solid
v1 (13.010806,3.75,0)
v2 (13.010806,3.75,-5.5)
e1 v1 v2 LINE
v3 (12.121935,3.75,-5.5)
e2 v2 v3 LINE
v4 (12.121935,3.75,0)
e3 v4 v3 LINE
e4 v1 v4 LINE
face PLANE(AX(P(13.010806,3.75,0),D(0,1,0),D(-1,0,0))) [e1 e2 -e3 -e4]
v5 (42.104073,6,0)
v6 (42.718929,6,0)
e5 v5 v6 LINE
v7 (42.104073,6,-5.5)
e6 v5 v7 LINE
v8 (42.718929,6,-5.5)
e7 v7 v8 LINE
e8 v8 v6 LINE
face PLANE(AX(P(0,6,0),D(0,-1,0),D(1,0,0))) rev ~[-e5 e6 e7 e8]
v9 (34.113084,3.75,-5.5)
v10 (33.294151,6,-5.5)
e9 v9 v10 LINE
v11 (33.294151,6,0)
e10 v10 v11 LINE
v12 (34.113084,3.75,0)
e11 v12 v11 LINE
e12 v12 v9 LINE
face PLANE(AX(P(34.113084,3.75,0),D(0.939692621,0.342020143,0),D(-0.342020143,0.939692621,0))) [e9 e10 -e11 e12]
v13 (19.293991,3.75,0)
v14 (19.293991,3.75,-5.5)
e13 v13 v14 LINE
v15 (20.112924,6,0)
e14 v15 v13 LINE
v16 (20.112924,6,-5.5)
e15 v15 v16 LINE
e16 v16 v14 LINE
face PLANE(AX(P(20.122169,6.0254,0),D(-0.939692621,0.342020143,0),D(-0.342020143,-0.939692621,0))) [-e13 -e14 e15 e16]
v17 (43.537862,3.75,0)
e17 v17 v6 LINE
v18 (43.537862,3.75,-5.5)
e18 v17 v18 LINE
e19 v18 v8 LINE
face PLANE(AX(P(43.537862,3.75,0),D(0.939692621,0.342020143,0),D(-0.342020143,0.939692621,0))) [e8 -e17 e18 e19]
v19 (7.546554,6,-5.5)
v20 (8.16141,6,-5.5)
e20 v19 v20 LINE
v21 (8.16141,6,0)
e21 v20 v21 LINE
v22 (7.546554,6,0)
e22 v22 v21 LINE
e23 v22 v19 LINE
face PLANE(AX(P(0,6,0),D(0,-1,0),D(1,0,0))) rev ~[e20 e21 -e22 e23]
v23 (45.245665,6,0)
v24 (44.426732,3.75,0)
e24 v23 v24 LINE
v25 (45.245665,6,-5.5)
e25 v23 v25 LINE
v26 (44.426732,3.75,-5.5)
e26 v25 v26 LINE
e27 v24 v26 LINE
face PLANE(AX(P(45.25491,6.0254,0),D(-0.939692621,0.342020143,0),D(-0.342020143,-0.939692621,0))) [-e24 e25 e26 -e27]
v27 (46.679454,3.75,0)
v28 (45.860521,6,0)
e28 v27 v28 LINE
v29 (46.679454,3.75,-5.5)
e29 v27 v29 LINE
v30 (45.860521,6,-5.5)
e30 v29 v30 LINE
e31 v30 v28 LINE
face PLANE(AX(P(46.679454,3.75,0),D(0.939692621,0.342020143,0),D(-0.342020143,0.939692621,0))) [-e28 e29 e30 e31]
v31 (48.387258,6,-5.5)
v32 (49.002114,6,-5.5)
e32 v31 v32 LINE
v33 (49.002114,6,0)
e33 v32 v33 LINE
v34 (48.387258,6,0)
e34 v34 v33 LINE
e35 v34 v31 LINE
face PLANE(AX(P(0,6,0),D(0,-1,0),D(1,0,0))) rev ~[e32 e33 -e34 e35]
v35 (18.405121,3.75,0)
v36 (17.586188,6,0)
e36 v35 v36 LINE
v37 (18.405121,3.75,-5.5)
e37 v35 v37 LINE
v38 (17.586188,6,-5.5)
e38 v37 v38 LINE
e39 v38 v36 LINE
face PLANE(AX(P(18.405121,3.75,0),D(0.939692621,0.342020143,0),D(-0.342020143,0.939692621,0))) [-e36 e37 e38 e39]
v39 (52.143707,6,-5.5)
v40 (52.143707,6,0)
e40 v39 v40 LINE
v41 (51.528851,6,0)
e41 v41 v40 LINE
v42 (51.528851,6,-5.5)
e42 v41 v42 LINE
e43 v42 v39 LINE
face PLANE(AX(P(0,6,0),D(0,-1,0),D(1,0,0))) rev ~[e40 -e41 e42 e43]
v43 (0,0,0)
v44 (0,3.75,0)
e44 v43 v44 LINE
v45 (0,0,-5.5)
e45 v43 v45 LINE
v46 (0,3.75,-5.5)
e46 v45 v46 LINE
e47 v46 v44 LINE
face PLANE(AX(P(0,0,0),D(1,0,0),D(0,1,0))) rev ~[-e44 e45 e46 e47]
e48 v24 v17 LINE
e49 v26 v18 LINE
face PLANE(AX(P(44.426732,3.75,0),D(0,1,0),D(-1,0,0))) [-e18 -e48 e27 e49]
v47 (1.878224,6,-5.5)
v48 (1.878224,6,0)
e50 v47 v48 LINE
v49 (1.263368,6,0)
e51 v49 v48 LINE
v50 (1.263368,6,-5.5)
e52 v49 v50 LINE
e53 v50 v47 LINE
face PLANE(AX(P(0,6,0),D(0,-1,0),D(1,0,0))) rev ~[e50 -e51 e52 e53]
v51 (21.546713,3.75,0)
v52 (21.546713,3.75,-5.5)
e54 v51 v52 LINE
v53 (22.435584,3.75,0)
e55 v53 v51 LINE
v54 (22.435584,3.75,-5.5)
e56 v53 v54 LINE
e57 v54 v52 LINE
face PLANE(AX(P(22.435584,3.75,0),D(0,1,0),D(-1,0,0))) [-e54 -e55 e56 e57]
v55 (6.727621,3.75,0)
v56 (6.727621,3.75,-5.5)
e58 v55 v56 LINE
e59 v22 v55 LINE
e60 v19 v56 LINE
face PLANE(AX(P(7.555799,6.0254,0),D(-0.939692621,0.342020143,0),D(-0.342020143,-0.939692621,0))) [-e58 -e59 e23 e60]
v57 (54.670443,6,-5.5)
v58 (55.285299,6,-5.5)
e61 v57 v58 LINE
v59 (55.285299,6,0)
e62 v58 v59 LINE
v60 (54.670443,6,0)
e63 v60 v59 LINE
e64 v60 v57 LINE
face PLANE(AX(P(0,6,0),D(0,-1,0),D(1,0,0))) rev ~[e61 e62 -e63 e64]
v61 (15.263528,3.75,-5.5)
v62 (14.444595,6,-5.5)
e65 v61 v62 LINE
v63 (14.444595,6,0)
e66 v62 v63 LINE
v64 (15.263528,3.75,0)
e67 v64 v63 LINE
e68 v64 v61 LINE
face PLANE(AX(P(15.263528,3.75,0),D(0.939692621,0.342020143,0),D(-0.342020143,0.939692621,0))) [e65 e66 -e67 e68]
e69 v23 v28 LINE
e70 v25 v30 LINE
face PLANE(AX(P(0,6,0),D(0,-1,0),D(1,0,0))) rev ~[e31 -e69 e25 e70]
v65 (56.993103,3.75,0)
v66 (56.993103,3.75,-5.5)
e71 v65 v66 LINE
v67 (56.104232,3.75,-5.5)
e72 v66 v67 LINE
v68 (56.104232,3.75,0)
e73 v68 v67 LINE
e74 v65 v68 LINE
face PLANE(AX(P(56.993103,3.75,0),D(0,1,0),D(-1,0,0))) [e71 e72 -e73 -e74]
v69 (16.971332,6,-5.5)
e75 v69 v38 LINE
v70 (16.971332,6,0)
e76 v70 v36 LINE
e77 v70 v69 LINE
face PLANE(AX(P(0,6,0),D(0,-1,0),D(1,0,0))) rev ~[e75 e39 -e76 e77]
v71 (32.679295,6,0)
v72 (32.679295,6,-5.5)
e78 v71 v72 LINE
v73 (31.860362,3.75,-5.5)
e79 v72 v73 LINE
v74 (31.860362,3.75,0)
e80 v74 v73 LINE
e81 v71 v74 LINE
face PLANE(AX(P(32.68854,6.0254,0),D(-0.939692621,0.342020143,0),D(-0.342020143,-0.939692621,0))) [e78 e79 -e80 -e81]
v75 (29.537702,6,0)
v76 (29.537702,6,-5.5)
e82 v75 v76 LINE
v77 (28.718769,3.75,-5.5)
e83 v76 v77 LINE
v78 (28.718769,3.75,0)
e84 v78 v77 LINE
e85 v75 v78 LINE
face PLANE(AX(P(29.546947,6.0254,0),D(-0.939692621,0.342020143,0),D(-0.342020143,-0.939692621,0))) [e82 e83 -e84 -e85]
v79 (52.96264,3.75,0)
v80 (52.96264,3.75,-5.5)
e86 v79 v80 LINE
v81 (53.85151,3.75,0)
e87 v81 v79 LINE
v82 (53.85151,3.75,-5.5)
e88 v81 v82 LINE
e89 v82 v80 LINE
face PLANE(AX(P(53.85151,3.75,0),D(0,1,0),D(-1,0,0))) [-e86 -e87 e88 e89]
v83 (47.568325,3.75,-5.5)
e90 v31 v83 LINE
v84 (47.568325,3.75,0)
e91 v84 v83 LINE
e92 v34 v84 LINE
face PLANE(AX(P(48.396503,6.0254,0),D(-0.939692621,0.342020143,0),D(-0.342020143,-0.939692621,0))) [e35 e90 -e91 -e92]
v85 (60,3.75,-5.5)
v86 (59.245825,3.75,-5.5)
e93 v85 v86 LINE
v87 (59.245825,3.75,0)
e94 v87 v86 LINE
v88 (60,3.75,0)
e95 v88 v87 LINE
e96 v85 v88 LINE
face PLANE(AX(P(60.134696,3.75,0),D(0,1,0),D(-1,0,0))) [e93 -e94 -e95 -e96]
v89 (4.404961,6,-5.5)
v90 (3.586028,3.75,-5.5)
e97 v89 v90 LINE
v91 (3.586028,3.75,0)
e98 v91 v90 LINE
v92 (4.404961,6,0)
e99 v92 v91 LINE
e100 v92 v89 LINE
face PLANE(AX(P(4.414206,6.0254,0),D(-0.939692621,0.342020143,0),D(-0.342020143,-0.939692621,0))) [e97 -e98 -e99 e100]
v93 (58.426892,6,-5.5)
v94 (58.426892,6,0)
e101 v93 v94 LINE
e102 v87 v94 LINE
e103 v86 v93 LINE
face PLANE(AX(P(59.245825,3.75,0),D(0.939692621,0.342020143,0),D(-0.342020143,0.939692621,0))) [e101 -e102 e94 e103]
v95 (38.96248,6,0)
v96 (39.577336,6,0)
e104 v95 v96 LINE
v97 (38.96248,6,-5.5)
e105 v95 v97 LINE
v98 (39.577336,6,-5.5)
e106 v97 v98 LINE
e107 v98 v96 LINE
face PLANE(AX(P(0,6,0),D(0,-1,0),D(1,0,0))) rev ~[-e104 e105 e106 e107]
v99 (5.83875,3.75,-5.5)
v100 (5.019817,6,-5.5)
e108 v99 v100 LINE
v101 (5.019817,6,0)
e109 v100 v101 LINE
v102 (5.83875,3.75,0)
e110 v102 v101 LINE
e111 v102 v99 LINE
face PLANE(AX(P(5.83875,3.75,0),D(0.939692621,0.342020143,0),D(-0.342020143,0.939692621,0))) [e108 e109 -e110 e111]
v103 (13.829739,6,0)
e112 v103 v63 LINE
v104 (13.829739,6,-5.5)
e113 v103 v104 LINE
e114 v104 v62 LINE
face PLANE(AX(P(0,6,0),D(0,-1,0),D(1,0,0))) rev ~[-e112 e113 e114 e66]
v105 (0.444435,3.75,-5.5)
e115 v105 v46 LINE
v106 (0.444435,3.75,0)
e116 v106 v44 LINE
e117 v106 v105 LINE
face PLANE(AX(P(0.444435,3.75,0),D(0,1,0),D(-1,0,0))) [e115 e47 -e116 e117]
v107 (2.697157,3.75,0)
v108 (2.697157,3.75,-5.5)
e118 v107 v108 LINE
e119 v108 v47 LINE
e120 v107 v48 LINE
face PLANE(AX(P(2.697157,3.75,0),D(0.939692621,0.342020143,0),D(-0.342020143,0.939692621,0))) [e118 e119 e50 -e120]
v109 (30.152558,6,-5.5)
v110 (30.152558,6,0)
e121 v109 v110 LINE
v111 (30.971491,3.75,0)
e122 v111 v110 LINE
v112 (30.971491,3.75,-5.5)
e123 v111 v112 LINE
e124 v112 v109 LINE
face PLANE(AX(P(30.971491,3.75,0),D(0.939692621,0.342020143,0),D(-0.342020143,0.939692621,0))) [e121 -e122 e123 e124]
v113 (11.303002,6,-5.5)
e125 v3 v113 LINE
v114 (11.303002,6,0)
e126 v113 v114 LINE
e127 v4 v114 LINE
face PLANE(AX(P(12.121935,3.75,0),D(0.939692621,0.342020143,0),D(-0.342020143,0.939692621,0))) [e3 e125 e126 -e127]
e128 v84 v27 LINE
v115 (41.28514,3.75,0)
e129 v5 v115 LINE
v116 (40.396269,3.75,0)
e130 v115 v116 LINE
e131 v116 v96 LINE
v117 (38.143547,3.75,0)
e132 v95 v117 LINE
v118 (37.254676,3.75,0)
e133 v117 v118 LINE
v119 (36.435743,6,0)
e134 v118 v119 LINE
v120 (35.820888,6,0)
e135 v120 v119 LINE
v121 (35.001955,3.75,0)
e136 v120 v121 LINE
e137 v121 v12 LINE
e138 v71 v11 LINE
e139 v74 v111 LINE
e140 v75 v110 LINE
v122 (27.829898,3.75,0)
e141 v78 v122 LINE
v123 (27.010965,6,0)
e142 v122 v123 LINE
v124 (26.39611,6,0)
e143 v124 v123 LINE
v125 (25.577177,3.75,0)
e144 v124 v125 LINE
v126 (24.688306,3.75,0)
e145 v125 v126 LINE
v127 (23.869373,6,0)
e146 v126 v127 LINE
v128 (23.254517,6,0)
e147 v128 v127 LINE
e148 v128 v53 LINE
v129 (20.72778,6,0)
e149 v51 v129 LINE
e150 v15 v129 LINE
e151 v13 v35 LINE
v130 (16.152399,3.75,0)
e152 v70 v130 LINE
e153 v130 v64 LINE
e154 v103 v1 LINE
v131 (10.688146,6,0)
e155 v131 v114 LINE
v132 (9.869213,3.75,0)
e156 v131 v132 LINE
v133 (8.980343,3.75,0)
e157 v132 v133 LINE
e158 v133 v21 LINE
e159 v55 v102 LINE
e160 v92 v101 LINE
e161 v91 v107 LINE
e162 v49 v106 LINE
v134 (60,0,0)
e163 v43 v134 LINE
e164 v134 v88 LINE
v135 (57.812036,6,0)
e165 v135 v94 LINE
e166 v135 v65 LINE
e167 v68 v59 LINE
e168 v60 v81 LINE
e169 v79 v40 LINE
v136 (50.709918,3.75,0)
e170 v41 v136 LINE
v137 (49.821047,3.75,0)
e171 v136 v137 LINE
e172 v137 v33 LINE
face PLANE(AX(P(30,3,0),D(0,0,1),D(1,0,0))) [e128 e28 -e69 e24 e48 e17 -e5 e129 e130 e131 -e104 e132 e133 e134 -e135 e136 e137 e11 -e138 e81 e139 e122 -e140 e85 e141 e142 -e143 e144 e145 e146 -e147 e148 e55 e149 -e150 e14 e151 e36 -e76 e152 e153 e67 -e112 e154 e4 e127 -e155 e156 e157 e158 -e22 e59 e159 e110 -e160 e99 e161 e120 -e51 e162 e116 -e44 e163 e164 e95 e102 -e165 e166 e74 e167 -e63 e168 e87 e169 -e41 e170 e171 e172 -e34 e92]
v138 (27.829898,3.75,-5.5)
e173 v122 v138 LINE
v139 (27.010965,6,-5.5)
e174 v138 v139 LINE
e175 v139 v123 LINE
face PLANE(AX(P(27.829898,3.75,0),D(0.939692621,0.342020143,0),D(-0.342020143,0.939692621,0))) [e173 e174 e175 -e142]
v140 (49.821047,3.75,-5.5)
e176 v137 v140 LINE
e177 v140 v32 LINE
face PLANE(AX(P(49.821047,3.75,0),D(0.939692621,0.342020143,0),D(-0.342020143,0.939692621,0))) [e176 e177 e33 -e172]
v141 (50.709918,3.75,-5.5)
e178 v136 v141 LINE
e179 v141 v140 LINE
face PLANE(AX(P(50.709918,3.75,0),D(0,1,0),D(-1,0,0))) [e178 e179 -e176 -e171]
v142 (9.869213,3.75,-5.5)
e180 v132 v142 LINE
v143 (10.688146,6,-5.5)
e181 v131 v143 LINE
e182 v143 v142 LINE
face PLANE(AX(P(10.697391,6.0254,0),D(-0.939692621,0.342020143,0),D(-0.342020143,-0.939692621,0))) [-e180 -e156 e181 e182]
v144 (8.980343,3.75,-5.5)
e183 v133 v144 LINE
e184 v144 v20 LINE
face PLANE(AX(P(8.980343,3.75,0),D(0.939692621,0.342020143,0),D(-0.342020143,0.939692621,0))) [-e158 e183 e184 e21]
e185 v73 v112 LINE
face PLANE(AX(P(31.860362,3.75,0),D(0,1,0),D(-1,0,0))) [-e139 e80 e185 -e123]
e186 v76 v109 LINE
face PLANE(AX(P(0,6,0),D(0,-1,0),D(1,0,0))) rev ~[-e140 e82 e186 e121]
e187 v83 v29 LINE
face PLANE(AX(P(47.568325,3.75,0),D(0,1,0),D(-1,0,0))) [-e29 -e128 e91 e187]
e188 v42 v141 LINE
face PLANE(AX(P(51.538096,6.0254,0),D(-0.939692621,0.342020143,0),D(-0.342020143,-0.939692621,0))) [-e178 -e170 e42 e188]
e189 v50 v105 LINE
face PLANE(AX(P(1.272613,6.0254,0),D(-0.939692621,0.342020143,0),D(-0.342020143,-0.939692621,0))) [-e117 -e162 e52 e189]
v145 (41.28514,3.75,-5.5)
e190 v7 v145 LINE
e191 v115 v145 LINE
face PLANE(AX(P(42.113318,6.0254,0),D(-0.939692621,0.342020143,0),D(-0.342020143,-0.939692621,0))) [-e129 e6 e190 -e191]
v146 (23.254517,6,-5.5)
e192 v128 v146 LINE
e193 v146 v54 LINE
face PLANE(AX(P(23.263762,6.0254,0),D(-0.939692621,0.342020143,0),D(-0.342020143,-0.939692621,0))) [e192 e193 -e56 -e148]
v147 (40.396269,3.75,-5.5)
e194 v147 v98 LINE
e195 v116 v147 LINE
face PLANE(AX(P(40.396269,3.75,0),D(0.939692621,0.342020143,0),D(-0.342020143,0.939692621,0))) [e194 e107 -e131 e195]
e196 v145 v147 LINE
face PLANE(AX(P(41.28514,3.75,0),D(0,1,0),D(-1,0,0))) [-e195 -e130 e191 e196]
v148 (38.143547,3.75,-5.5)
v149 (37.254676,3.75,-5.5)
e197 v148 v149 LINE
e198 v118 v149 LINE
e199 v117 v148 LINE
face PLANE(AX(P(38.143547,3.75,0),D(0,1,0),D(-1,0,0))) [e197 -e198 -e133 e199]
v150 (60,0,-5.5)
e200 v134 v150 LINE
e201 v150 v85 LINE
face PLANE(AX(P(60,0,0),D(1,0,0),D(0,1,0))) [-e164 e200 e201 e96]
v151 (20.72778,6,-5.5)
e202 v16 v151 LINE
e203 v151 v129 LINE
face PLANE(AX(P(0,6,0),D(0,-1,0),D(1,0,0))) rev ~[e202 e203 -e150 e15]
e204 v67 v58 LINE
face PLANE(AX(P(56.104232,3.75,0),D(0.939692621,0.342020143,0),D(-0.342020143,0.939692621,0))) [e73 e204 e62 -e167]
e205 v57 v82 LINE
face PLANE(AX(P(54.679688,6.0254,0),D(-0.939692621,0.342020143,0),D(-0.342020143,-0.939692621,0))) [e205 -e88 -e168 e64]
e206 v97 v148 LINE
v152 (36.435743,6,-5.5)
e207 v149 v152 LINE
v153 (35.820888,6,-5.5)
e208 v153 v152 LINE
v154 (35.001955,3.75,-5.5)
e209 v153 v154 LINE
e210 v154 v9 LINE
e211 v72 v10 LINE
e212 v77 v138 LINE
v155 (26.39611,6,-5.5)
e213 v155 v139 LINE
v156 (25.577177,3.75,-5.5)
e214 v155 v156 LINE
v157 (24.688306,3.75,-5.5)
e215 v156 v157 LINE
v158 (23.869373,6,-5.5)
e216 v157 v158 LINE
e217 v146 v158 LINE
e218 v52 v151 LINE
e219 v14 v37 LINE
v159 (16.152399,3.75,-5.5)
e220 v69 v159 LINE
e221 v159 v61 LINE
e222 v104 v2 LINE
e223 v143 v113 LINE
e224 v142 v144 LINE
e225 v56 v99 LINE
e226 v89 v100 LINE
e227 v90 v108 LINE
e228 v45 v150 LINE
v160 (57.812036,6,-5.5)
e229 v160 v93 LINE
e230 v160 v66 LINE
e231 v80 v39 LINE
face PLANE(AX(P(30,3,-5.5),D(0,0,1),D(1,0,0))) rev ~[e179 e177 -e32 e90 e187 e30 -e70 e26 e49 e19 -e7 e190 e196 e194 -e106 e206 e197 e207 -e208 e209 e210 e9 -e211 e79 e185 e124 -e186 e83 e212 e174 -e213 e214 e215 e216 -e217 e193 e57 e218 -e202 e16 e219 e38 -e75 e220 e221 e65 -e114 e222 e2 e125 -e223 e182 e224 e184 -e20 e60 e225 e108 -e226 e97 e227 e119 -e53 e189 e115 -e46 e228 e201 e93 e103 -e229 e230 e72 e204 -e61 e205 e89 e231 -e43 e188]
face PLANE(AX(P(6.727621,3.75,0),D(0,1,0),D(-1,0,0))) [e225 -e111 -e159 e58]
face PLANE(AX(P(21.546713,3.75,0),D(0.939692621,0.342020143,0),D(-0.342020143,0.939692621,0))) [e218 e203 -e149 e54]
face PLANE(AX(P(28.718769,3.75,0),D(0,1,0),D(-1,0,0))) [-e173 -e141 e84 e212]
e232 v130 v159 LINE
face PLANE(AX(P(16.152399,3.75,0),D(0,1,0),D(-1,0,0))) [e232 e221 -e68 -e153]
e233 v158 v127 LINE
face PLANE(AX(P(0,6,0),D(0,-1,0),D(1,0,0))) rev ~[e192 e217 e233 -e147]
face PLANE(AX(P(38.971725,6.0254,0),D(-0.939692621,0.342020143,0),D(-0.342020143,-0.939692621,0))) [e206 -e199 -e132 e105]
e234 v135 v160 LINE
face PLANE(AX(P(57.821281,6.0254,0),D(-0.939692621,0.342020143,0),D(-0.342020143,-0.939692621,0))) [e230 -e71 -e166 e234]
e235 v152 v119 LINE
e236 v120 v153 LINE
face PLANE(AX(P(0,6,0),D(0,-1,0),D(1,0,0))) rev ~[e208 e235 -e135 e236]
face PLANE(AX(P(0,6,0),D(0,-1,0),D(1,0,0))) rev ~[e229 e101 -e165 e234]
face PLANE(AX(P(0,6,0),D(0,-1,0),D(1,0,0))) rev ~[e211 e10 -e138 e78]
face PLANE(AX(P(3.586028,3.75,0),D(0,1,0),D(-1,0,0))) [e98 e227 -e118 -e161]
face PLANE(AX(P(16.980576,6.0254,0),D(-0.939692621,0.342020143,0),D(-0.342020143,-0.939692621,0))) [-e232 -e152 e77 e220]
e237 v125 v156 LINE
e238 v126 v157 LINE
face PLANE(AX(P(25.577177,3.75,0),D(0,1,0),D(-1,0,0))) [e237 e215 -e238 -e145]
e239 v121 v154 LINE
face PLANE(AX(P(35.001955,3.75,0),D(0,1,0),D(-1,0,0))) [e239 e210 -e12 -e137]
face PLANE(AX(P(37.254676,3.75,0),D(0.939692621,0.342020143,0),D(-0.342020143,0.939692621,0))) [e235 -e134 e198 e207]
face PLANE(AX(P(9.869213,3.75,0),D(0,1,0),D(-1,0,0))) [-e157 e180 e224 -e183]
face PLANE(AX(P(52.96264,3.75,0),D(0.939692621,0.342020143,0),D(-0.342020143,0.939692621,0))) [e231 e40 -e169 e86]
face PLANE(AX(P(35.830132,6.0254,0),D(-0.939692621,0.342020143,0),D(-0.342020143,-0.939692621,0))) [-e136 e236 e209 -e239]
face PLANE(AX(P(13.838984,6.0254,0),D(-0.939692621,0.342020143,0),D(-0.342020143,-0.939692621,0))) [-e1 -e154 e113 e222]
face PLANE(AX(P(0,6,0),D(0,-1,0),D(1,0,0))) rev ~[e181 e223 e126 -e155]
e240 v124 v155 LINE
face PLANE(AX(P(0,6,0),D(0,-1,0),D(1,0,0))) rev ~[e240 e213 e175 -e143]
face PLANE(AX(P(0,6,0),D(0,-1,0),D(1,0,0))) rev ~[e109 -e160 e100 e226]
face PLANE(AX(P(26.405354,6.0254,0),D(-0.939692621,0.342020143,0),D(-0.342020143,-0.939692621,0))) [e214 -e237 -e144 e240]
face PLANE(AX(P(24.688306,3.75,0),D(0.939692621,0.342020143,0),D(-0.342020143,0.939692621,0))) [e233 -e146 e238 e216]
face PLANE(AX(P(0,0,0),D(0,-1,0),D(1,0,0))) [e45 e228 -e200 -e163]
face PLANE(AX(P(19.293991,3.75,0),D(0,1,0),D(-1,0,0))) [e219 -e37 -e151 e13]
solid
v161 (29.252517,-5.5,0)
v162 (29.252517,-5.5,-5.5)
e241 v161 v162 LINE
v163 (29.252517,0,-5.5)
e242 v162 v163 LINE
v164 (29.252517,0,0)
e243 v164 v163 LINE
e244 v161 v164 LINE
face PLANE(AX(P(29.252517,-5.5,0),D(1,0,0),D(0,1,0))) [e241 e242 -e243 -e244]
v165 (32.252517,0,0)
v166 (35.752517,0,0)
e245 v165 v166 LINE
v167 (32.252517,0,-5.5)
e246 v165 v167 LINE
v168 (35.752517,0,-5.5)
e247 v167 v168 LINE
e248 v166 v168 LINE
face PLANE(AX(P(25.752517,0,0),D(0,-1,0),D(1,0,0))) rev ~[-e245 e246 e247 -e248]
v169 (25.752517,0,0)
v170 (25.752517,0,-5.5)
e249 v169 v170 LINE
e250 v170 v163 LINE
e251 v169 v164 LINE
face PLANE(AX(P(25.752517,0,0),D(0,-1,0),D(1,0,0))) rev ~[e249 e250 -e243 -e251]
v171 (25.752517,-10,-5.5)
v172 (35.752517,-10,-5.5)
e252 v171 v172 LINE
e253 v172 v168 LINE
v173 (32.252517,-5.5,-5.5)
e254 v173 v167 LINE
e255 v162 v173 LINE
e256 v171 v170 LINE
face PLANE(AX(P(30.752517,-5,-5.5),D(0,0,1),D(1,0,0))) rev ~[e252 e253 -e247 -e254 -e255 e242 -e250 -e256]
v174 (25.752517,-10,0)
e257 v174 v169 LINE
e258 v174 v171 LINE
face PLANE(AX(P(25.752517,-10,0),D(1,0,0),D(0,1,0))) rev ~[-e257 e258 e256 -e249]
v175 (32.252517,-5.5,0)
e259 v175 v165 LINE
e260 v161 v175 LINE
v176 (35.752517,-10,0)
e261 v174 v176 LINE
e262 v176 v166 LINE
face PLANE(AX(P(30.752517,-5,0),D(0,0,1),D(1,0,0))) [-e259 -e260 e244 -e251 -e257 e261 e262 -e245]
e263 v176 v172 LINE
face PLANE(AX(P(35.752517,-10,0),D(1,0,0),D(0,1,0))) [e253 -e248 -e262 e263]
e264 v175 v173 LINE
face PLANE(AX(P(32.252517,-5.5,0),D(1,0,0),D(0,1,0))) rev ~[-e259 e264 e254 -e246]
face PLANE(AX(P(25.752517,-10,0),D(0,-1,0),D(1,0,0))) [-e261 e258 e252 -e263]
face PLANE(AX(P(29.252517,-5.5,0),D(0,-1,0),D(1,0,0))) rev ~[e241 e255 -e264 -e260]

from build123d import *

# Parameters (mm, degrees)
BLANKSKE_W          = 60
BLANKSKE_H          = 6
BLANK_DEPTH         = 5.5
TOOTHCUTSIM_DEPTH   = 61.549566472
TEETHCUTS_COUNT     = 20
TEETHCUTS_PITCH     = 3.14159265
SKETCH_1_W          = 10
SKETCH_1_H          = 10
EXTRUDE_1_DEPTH     = 5.5
SKETCH_2_W          = 3
SKETCH_2_H          = 5.5
CUT_EXTRUDE_1_DEPTH = 62.075772611


with BuildPart() as part:
    # BlankSke → Blank (new body)
    with BuildSketch(Plane.XY):
        with Locations((30, 3)):
            Rectangle(BLANKSKE_W, BLANKSKE_H)
    extrude(amount=-BLANK_DEPTH)

    # TooCutSkeSim → ToothCutSim (cut, through all)
    with BuildSketch(Plane.XY):
        Polygon((0.44443537, 3.75), (-0.44443537, 3.75), (-1.272613241, 6.0254), (1.272613241, 6.0254), align=None)
    toothcutsim = extrude(amount=-TOOTHCUTSIM_DEPTH, mode=Mode.SUBTRACT)

    # TeethCuts: ToothCutSim ×20
    with Locations(*[(i * TEETHCUTS_PITCH, 0, 0) for i in range(1, TEETHCUTS_COUNT)]):
        add(toothcutsim, mode=Mode.SUBTRACT)


with BuildPart() as body_2:
    # ｽｹｯﾁ1 → ﾎﾞｽ - 押し出し1 (new body)
    with BuildSketch(Plane.XY):
        with Locations((30.752516819, -5)):
            Rectangle(SKETCH_1_W, SKETCH_1_H)
    extrude(amount=-EXTRUDE_1_DEPTH)

    # ｽｹｯﾁ2 → ｶｯﾄ - 押し出し1 (cut, through all)
    with BuildSketch(Plane.XY):
        with Locations((30.752516819, -2.75)):
            Rectangle(SKETCH_2_W, SKETCH_2_H)
    extrude(amount=-CUT_EXTRUDE_1_DEPTH, mode=Mode.SUBTRACT)


solid = Compound([part.part, body_2.part])
